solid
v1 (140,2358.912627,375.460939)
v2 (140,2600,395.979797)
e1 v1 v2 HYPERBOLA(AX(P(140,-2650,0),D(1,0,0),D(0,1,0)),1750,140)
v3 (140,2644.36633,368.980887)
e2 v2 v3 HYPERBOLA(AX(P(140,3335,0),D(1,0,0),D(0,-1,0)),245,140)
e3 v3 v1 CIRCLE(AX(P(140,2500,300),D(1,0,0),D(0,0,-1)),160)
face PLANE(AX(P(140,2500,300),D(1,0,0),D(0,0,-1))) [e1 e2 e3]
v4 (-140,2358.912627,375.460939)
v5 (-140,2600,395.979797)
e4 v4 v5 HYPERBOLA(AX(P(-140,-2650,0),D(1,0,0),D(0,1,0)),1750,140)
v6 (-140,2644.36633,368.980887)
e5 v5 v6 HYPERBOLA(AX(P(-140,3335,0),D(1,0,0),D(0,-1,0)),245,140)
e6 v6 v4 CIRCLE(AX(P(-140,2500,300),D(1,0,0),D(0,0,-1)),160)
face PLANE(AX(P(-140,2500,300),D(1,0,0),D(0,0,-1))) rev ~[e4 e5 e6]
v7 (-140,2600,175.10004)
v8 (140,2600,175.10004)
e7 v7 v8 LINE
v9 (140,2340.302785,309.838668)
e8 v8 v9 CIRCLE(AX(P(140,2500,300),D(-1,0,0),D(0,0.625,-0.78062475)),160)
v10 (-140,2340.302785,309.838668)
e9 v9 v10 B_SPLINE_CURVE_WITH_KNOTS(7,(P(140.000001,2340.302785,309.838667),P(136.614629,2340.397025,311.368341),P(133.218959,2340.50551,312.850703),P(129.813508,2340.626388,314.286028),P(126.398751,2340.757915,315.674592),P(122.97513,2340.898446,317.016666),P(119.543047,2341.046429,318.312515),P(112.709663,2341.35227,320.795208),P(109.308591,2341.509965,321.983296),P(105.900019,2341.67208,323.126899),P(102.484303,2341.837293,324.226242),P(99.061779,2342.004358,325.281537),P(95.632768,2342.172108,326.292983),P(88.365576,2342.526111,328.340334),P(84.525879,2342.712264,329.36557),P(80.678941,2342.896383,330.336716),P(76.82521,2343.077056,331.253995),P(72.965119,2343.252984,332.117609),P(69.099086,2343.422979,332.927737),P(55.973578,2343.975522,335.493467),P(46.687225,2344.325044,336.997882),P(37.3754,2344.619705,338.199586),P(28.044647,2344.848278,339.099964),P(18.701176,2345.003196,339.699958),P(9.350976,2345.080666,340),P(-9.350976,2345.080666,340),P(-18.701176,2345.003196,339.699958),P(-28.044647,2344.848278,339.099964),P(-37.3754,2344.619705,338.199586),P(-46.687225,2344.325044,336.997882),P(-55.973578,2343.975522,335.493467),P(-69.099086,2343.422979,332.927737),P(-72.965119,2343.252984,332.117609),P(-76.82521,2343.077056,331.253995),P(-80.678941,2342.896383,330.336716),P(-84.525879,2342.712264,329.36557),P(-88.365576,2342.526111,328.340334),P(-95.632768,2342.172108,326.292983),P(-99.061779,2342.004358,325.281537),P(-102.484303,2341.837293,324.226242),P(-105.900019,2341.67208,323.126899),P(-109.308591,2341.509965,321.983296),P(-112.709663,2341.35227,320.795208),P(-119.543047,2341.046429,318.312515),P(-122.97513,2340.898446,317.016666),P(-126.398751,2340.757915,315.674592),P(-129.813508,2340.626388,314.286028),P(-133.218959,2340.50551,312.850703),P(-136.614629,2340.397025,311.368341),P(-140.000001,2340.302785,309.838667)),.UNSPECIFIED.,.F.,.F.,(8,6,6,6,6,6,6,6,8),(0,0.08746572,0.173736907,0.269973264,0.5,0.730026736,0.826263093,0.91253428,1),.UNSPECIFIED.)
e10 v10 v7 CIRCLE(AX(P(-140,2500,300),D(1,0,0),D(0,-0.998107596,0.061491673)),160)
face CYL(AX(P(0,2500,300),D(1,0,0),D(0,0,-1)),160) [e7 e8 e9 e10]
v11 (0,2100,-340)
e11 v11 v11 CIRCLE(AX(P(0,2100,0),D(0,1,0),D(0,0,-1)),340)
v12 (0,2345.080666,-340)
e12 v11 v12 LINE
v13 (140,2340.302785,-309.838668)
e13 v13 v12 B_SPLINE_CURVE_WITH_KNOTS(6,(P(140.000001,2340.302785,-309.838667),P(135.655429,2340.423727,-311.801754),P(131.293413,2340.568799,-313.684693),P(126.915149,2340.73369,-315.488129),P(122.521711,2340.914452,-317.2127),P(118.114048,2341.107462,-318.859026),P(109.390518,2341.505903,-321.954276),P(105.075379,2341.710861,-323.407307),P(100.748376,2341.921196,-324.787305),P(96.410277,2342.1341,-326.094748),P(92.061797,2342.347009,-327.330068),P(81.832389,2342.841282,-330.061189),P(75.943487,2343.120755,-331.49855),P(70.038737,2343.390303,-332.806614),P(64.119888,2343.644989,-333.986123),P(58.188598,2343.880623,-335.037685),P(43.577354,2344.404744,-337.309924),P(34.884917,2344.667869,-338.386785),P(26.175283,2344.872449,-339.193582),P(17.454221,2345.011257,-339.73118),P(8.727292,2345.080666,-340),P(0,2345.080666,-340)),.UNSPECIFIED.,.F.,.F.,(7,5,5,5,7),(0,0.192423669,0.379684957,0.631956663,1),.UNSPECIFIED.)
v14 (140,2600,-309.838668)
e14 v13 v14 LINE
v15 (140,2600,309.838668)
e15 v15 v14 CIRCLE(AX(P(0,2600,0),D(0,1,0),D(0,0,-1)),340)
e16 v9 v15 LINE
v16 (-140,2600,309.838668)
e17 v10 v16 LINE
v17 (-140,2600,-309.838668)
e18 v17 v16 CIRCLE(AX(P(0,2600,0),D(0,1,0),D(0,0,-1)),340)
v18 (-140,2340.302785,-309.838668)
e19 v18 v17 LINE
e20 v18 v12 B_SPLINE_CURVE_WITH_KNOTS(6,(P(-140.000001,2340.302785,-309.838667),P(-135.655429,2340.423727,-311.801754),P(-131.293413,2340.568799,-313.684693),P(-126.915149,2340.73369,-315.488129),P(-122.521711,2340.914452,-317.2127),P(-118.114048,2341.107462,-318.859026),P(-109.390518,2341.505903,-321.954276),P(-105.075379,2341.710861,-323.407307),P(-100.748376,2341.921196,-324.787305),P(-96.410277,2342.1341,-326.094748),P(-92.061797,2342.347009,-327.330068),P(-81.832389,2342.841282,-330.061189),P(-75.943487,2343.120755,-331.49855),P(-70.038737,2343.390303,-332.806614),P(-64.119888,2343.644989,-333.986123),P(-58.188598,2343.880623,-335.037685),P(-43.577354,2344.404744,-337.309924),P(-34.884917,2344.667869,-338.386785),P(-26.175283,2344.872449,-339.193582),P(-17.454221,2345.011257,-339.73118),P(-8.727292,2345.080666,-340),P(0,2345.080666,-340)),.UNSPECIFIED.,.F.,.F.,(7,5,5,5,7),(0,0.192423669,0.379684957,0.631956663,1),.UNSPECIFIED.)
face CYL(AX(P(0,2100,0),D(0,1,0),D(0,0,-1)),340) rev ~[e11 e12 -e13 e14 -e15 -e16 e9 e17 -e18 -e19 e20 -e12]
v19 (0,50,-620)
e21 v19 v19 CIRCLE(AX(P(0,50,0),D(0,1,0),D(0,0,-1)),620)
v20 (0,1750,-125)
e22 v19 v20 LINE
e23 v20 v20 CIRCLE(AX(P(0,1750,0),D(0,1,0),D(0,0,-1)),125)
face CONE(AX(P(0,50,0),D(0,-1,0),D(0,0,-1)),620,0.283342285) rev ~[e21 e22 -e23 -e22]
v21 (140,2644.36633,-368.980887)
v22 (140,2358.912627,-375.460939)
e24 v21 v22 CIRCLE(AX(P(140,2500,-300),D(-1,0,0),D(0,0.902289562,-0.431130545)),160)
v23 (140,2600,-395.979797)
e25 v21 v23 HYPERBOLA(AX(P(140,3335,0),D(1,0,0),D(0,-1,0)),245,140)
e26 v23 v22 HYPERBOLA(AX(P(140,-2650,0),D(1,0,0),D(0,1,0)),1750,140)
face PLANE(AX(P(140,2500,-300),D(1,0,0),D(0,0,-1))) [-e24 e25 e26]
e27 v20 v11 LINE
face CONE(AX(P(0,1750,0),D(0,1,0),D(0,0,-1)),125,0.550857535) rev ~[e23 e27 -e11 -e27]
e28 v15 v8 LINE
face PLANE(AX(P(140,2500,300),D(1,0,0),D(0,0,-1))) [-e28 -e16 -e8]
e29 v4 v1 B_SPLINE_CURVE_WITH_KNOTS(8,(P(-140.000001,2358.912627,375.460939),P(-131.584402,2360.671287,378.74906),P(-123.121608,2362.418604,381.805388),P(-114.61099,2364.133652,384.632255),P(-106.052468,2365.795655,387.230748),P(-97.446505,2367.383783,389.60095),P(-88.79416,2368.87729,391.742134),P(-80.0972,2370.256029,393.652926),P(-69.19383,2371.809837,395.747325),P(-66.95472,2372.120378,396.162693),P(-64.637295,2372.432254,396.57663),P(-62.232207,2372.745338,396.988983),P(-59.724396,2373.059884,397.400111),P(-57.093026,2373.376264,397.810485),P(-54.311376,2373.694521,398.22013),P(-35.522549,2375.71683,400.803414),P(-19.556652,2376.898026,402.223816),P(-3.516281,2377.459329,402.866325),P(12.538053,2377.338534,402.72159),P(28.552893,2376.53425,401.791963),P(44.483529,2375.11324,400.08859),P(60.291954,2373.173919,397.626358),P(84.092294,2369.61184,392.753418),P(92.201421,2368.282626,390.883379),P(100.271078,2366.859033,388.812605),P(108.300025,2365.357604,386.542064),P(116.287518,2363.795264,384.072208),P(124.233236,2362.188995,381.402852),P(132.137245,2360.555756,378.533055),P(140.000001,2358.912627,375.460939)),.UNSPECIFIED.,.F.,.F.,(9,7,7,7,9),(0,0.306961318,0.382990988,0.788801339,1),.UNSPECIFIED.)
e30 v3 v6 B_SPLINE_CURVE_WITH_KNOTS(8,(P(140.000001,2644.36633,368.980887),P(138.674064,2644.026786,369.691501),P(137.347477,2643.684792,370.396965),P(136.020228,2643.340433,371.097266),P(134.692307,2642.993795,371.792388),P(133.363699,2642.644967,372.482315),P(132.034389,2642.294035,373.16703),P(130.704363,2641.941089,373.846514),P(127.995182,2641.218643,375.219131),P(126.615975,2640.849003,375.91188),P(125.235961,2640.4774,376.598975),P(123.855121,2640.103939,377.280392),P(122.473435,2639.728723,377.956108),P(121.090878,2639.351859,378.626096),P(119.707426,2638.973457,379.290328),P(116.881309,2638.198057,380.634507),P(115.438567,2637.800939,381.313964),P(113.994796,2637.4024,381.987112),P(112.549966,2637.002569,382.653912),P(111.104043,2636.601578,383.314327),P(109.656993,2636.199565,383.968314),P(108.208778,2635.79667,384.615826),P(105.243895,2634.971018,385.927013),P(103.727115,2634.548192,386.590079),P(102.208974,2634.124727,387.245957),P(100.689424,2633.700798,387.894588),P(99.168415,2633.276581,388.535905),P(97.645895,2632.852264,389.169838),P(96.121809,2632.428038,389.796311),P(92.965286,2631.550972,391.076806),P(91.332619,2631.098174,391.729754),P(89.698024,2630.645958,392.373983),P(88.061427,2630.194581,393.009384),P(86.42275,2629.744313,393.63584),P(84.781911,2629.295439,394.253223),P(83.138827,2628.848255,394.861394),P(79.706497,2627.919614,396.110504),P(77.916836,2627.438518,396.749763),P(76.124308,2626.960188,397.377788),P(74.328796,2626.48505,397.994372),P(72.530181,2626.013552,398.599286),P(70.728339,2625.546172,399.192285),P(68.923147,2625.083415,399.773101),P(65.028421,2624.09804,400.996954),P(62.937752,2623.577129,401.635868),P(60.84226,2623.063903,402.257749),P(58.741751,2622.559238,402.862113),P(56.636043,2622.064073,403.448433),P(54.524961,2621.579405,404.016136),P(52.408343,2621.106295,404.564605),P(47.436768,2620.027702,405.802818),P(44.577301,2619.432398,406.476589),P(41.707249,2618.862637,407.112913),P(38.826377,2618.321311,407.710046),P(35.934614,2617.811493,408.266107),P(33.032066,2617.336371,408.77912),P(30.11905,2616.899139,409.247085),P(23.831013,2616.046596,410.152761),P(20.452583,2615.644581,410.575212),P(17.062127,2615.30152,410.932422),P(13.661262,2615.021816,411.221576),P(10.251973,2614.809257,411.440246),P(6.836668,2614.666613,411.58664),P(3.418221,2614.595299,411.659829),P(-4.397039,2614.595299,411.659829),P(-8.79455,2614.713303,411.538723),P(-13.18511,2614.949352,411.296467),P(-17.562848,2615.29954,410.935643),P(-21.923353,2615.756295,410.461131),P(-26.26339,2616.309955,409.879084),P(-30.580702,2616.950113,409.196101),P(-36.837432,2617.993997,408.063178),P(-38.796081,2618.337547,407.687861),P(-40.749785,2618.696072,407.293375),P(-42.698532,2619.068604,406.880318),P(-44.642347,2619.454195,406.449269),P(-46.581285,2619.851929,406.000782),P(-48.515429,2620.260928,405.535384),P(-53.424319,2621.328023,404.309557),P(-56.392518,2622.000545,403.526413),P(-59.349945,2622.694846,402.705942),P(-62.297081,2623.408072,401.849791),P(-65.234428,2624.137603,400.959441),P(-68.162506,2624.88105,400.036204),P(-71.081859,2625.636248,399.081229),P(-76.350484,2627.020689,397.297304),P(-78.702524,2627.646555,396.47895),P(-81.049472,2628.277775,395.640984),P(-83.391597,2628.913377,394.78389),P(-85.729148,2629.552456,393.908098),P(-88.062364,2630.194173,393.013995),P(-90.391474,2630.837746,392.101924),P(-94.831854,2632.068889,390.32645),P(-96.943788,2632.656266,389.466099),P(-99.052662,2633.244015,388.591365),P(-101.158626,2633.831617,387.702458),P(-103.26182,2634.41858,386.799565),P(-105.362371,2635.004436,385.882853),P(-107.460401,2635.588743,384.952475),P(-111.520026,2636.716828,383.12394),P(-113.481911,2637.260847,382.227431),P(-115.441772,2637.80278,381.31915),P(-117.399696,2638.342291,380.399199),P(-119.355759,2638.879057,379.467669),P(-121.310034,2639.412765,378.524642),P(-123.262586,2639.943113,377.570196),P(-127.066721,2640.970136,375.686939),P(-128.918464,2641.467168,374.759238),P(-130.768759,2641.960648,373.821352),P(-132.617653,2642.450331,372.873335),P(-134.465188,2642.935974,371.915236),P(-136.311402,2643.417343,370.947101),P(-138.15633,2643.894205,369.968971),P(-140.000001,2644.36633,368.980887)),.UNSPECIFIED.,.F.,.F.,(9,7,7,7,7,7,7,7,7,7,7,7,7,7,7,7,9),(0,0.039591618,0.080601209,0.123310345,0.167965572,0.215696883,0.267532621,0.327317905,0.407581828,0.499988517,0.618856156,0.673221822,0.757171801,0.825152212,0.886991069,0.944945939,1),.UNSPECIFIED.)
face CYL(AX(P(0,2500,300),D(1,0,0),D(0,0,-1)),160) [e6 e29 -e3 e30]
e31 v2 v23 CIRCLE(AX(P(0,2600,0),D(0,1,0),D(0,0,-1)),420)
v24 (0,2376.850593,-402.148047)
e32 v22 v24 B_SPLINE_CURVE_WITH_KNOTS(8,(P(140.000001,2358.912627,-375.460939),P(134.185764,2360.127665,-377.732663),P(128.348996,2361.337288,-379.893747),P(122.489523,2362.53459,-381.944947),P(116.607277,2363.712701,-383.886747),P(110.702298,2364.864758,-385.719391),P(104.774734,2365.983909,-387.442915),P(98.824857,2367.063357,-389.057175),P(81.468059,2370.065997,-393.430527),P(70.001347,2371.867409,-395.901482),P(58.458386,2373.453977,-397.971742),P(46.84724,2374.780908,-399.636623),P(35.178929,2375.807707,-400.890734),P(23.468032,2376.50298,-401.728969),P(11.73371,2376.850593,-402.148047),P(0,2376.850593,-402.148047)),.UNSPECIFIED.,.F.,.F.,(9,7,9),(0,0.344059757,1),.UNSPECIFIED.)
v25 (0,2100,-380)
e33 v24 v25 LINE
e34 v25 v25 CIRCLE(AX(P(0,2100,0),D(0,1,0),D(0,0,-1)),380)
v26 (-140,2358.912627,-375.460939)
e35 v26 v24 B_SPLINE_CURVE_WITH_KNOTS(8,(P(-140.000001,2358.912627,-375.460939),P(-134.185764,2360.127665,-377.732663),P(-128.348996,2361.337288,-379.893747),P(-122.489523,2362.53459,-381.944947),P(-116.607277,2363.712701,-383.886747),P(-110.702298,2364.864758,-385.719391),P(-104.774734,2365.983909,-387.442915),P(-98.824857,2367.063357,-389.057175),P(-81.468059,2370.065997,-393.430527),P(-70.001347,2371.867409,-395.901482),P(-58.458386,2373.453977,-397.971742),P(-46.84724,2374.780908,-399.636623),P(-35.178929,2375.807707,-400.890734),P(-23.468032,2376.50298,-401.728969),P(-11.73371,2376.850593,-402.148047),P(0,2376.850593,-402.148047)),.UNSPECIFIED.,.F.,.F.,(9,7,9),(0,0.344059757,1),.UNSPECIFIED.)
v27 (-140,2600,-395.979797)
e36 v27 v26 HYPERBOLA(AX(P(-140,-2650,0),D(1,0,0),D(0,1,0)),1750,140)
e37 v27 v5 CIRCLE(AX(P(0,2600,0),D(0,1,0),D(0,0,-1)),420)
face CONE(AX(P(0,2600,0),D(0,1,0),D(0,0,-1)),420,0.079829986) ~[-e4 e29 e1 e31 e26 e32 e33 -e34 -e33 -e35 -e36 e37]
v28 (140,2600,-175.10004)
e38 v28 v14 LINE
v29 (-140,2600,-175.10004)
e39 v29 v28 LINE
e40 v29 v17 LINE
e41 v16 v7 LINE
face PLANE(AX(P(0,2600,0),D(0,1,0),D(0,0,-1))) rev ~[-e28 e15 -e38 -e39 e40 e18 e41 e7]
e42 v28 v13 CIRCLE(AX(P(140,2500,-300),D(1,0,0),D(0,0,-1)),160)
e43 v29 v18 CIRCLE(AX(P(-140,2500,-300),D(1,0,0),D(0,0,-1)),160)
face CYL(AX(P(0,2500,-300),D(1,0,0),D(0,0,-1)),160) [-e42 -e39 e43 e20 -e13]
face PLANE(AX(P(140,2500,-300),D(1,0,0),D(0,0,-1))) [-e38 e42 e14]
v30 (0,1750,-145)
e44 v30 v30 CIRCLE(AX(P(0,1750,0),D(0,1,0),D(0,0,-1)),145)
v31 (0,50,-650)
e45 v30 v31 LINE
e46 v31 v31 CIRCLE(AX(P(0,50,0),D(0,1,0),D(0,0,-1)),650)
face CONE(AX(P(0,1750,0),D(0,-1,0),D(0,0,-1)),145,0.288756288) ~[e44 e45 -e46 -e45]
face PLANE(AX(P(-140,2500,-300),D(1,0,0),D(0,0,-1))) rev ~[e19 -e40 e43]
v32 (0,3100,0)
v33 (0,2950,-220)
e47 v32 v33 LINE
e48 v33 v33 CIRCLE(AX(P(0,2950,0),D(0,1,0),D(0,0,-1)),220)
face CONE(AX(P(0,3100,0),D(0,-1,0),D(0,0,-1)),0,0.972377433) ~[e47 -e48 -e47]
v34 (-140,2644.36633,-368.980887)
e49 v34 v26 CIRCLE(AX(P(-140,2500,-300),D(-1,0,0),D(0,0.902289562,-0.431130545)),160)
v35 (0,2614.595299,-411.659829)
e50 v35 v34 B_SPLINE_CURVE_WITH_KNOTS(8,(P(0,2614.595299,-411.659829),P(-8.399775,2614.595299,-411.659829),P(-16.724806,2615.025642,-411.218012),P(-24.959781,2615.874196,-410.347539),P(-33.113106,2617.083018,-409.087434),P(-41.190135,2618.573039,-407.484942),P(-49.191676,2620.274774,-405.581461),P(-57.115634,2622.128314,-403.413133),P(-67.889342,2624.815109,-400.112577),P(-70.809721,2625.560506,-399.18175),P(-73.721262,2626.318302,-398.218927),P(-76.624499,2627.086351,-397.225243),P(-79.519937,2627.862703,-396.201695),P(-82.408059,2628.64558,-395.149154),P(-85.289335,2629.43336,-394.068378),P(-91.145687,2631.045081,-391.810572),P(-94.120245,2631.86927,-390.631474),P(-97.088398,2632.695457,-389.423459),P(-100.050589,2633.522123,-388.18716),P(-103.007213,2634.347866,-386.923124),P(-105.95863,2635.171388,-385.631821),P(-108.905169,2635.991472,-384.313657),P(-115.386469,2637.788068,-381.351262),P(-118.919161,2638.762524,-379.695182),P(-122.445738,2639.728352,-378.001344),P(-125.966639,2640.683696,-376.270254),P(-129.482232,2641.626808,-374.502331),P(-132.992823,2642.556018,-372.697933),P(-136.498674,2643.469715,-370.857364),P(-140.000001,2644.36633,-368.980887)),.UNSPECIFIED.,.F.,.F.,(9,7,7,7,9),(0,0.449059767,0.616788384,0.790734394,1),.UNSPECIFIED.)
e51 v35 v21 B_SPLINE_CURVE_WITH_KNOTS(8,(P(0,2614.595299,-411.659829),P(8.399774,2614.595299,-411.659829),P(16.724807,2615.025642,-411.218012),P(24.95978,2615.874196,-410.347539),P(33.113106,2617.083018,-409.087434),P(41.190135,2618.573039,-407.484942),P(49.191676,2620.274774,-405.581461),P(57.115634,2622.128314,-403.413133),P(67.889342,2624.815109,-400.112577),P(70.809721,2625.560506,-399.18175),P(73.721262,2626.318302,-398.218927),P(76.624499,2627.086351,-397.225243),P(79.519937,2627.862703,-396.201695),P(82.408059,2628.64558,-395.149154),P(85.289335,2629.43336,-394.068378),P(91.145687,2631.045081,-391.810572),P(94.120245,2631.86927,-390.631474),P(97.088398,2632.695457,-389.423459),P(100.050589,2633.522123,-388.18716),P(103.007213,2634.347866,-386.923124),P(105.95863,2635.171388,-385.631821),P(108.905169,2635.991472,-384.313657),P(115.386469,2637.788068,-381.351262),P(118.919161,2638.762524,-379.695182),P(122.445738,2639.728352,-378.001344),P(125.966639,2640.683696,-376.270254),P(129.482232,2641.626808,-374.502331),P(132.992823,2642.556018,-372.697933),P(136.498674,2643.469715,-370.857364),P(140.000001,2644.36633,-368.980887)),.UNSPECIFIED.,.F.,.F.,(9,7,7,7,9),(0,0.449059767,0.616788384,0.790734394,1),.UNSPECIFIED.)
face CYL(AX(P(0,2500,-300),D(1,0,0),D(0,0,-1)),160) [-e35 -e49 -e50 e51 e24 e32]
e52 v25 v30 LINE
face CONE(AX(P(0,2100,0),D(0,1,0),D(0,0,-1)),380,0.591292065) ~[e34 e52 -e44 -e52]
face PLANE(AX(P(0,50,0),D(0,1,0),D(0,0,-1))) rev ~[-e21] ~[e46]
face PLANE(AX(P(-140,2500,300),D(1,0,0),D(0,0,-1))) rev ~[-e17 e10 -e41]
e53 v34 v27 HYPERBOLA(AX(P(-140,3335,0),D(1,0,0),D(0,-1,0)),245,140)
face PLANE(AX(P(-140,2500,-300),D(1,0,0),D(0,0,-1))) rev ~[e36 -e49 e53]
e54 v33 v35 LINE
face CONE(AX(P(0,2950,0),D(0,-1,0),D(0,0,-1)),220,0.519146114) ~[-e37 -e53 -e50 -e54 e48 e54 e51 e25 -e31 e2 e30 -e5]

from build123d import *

# Parameters (mm, degrees)
SKETCH2_R           = 160
BOSS_EXTRUDE1_DEPTH = 140


with BuildPart() as part:
    # Sketch1 → Revolve1 (revolve)
    with BuildSketch(Plane.XY, mode=Mode.PRIVATE) as revolve1_sk:
        Polygon((0, 3100), (220, 2950), (420, 2600), (380, 2100), (145, 1750), (650, 50), (620, 50), (125, 1750), (340, 2100), (340, 2600), (0, 2600), align=None)
    revolve(revolve1_sk.sketch.rotate(Axis((0, 0, 0), (0, 1, 0)), 90), axis=Axis((0, 0, 0), (0, 1, 0)))

    # Sketch2 → Boss-Extrude1 (add, symmetric)
    with BuildSketch(Plane(origin=(0, 0, 0), x_dir=(0, 0, -1), z_dir=(1, 0, 0))):
        with Locations((300, 2500)):
            Circle(SKETCH2_R)
        with Locations((-300, 2500)):
            Circle(SKETCH2_R)
    extrude(amount=BOSS_EXTRUDE1_DEPTH, both=True)


solid = part.part
